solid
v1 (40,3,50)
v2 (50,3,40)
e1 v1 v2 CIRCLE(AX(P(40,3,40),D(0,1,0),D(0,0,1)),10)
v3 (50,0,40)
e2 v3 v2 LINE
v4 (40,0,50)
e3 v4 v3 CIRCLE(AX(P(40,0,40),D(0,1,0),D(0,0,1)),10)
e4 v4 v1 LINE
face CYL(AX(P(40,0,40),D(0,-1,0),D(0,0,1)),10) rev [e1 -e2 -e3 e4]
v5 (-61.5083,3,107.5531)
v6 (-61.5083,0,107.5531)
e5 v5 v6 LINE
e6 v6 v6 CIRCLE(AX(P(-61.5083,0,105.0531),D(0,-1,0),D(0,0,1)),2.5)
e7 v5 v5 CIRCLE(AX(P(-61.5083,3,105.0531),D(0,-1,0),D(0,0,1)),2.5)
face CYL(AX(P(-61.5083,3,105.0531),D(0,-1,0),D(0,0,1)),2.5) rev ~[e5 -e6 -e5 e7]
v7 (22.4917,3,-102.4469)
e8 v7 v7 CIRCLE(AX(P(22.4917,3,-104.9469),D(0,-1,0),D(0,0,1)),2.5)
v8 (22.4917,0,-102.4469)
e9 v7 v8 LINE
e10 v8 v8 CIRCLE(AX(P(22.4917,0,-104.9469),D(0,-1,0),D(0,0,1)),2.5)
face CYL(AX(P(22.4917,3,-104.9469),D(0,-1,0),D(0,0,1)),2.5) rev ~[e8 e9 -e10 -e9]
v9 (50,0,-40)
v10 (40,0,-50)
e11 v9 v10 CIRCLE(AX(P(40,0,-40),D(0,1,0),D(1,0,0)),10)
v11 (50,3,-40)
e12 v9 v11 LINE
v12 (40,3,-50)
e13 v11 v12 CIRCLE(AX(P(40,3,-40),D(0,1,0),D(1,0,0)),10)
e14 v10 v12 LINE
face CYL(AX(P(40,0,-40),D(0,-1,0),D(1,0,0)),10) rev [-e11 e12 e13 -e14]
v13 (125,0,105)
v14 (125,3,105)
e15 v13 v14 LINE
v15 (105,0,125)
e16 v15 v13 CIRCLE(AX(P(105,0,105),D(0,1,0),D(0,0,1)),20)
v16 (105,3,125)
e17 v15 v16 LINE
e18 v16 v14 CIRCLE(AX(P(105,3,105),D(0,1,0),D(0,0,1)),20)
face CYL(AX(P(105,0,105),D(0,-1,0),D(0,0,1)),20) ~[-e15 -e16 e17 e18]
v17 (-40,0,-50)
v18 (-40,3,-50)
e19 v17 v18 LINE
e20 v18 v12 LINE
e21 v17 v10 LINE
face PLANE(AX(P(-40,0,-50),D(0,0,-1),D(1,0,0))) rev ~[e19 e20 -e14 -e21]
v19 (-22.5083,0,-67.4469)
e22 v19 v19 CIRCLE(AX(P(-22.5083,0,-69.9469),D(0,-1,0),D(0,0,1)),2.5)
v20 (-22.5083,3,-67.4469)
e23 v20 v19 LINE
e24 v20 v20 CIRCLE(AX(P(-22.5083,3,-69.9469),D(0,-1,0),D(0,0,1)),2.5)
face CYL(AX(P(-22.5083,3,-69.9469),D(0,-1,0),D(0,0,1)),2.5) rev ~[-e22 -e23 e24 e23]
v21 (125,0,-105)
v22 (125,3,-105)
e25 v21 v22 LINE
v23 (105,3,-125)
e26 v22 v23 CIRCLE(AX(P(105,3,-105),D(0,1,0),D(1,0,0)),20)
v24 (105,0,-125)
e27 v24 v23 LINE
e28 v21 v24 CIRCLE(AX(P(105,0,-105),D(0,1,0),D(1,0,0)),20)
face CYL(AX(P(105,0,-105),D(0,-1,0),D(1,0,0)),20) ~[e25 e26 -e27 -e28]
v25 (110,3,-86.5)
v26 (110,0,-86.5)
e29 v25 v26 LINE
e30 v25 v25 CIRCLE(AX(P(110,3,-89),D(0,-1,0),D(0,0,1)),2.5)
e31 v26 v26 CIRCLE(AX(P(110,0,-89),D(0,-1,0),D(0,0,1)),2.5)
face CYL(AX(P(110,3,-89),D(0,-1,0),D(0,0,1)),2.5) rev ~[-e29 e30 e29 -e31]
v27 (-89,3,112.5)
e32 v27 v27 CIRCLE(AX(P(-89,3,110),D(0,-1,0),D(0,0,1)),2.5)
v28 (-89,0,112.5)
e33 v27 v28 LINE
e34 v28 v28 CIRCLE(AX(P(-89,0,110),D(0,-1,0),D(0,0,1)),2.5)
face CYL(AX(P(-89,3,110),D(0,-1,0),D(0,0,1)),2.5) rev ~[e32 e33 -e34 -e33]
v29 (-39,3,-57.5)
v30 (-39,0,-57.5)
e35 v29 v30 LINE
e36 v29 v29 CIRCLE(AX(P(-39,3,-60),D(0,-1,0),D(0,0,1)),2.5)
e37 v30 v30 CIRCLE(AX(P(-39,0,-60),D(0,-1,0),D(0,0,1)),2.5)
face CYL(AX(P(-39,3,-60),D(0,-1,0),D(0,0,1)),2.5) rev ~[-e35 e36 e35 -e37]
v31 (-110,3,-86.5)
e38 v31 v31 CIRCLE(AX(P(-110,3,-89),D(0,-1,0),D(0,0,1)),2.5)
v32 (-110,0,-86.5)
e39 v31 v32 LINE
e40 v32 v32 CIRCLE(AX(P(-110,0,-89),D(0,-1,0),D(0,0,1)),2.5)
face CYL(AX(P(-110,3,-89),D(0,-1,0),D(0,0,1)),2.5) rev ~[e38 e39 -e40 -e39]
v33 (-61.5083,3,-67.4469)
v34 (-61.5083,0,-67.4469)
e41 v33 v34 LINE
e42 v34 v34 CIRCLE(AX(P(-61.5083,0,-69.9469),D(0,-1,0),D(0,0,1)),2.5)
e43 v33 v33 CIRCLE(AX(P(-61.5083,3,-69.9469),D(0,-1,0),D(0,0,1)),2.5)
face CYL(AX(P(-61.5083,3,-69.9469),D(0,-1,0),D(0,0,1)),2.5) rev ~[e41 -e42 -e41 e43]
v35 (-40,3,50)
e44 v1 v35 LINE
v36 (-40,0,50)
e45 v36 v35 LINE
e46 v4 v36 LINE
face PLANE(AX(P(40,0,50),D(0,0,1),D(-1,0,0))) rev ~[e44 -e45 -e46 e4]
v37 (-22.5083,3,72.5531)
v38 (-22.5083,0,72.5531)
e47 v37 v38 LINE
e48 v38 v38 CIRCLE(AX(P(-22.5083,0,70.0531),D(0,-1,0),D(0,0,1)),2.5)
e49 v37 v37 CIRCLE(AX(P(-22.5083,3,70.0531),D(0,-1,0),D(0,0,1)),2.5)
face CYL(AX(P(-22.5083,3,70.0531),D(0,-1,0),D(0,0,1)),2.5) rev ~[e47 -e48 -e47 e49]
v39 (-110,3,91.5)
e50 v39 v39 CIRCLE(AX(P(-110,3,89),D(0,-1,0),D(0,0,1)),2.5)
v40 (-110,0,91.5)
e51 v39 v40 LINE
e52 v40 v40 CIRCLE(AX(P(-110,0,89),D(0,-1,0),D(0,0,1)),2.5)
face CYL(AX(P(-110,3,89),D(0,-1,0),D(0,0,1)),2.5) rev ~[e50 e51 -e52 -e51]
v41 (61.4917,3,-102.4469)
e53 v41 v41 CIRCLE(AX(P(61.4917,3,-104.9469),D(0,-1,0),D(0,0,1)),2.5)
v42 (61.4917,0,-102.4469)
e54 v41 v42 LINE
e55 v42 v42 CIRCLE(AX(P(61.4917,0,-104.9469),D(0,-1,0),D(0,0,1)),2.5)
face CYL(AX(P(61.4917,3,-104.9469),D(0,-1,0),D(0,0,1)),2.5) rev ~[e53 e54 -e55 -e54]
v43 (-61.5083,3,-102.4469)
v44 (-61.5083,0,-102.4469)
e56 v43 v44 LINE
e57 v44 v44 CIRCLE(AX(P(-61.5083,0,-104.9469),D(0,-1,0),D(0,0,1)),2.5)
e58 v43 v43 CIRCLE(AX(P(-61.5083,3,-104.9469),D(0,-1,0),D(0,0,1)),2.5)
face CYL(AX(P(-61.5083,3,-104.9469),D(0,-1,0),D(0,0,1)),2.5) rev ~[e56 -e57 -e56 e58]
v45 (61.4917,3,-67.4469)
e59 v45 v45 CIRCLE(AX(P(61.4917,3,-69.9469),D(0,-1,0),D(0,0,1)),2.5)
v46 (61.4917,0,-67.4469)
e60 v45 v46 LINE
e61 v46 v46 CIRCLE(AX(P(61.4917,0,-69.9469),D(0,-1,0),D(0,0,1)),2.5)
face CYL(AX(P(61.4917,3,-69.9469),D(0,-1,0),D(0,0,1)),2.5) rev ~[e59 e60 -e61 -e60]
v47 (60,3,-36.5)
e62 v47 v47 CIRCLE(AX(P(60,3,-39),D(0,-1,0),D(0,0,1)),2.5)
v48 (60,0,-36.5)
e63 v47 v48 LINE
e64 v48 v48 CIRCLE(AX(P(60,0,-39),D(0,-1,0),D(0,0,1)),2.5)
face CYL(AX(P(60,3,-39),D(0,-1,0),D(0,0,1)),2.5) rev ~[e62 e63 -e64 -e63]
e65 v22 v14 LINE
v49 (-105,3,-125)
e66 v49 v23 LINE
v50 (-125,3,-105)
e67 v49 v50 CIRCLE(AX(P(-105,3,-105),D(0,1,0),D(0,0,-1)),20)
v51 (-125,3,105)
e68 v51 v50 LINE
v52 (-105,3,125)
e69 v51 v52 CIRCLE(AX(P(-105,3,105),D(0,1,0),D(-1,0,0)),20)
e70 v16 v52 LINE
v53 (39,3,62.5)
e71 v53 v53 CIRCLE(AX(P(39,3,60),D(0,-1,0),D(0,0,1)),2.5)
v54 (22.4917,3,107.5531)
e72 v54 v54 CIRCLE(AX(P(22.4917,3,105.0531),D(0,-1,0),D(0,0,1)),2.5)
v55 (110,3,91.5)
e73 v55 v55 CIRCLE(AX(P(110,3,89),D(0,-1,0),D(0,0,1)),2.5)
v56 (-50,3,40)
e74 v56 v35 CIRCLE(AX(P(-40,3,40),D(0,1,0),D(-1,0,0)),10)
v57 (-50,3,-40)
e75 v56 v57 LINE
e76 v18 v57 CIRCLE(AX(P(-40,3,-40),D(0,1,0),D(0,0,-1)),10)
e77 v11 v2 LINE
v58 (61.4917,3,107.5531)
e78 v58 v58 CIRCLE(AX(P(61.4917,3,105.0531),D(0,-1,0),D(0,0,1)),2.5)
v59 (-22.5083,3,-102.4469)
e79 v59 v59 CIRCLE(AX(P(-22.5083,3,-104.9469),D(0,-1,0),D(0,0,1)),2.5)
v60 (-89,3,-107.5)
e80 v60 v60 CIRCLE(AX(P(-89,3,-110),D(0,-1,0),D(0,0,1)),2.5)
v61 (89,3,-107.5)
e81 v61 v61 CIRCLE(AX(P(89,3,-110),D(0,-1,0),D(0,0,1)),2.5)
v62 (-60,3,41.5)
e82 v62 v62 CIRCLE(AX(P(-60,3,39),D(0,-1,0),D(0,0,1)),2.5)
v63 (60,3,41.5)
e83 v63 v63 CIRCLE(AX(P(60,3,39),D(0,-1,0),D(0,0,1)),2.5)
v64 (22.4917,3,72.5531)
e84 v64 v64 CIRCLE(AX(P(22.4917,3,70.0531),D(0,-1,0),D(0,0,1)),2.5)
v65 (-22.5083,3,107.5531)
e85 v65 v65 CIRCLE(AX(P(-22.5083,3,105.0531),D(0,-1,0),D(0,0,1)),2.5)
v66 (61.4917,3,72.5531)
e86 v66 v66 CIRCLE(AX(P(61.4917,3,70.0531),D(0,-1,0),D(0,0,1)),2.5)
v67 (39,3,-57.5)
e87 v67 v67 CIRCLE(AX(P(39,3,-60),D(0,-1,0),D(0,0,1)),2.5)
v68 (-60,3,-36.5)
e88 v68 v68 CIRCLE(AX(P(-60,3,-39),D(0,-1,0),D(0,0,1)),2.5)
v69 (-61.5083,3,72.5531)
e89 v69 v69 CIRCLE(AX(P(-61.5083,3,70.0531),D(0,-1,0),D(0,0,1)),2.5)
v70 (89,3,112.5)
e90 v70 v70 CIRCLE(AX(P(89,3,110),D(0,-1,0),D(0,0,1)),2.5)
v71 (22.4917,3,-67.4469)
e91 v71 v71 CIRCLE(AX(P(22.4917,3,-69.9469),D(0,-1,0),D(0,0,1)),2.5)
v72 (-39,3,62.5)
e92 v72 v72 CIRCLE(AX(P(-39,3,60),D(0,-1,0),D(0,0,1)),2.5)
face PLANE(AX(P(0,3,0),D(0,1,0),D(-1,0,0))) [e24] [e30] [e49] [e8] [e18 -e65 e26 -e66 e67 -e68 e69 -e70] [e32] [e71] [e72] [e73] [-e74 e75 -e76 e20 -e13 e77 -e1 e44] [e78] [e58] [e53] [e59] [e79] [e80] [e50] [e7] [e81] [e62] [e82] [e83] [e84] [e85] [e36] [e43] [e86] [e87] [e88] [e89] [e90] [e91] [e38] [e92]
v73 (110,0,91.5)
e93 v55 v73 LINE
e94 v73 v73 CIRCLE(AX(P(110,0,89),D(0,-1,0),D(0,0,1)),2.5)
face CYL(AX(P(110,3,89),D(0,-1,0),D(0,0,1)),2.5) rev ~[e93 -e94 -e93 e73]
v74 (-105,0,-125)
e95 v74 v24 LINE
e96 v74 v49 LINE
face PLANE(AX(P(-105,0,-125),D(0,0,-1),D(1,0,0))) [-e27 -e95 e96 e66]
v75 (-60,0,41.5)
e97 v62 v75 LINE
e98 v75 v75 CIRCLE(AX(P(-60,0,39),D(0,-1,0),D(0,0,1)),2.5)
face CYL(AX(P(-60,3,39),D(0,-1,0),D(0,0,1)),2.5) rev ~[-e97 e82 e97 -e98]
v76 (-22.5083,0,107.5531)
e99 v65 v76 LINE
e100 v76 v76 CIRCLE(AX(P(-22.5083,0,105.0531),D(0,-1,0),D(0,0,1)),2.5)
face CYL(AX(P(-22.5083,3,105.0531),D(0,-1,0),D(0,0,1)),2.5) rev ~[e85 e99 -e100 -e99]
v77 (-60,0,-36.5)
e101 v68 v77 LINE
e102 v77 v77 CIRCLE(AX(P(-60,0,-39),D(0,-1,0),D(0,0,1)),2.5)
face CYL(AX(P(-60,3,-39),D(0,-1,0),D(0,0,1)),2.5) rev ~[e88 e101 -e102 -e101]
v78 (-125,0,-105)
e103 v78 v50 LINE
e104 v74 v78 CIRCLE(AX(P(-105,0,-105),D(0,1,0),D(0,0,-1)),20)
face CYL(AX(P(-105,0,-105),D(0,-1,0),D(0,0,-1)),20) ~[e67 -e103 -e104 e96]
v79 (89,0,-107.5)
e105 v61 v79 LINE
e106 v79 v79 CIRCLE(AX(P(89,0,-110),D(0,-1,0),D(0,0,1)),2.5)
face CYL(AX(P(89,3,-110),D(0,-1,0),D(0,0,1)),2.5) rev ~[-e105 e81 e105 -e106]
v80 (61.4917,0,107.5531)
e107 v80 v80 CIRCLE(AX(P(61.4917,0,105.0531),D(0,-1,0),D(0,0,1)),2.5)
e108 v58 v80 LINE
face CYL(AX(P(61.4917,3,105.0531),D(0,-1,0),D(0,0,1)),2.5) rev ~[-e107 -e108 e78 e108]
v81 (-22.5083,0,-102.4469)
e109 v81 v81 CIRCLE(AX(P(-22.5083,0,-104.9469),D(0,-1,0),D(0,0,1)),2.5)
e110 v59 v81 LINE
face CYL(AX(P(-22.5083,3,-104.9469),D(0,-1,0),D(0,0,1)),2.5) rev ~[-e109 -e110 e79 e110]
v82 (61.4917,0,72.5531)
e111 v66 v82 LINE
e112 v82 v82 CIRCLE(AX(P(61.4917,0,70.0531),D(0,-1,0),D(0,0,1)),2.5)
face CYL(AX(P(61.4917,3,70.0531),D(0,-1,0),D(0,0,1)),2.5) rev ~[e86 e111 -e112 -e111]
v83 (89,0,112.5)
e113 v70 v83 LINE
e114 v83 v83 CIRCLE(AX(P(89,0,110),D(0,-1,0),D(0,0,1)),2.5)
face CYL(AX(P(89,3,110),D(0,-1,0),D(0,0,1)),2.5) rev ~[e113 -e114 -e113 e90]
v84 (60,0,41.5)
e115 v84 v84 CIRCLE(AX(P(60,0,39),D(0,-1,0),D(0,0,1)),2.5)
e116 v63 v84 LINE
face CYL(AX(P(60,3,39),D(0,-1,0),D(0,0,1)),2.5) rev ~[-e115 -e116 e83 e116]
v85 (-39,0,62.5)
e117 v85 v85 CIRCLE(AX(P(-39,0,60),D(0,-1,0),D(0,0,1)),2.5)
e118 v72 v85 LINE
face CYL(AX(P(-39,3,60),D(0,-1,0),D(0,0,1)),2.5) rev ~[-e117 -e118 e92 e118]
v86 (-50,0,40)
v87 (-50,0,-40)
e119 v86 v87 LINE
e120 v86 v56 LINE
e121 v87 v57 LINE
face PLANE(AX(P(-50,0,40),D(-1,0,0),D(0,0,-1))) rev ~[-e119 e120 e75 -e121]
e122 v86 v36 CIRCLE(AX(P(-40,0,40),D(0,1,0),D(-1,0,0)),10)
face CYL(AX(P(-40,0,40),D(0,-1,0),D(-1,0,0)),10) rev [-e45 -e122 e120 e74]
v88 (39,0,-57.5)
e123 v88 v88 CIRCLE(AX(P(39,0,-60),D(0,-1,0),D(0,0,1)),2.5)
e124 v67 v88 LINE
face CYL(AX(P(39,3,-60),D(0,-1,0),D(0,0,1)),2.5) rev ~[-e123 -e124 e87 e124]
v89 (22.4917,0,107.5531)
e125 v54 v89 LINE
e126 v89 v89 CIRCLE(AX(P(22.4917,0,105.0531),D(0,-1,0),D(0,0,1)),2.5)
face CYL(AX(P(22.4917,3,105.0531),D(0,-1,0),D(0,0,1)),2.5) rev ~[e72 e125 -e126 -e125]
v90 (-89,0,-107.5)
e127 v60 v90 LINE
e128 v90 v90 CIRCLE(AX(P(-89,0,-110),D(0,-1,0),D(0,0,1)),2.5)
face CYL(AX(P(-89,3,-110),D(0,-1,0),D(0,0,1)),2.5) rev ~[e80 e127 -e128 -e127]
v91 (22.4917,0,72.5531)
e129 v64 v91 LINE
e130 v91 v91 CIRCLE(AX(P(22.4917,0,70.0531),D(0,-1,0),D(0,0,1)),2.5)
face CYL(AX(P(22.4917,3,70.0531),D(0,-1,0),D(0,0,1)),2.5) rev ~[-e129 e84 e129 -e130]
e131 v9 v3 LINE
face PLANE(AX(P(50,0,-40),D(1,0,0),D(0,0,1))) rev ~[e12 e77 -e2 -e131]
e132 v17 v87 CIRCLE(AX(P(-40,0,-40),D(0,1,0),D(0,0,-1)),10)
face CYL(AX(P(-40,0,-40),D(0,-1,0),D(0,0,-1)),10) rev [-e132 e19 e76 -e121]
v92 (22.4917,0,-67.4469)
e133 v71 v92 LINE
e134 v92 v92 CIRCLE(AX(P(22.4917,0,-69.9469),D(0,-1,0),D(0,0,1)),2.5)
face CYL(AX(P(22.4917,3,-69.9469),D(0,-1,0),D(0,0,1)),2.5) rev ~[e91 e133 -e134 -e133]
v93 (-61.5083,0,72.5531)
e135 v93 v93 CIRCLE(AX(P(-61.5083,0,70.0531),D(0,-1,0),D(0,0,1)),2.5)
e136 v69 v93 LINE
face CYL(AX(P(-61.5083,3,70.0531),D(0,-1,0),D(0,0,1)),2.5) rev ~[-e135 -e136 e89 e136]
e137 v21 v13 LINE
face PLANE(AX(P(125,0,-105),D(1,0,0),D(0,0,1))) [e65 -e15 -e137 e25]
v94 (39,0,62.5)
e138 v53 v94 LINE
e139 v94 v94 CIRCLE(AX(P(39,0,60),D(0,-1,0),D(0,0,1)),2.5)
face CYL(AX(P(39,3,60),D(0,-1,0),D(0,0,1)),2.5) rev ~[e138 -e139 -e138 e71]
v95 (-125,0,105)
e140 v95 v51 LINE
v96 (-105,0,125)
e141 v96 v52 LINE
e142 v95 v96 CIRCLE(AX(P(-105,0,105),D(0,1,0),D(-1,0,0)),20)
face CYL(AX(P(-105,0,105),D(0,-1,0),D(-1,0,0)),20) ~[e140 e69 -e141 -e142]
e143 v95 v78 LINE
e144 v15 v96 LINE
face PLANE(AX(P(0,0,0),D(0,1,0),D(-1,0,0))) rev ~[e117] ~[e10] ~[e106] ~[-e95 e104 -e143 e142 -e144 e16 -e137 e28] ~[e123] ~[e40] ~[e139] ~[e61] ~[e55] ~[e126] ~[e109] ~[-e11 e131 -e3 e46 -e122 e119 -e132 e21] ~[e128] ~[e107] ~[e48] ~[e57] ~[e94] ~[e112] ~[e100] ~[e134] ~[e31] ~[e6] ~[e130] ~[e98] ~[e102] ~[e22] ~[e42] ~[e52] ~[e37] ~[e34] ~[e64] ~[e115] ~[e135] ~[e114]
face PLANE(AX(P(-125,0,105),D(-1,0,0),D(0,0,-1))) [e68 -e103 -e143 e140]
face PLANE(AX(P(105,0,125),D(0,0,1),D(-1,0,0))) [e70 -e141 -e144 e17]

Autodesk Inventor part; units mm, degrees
ref_plane "YZ Plane" through (0, 0, 0) normal (1, 0, 0) x (0, 1, 0)
ref_plane "XZ Plane" through (0, 0, 0) normal (0, 1, 0) x (-1, 0, 0)
ref_plane "XY Plane" through (0, 0, 0) normal (0, 0, 1) x (1, 0, 0)
sketch "Sketch3" plane through (0, 0, 0) normal (0, 1, 0) x (-1, 0, 0)
  line L0 (105, -125) -> (-105, -125)
  line L1 (-125, -105) -> (-125, 105)
  line L2 (-105, 125) -> (105, 125)
  line L3 (125, 105) -> (125, -105)
  line L4 (125, -125) -> (-125, 125) construction
  line L5 (-125, -125) -> (125, 125) construction
  arc A0 (125, 105) -> (105, 125) centre (105, 105) ccw
  arc A1 (105, -125) -> (125, -105) centre (105, -105) ccw
  arc A2 (-105, 125) -> (-125, 105) centre (-105, 105) ccw
  arc A3 (-125, -105) -> (-105, -125) centre (-105, -105) ccw
  line L6 (-40, 50) -> (40, 50)
  line L7 (50, 40) -> (50, -40)
  line L8 (40, -50) -> (-40, -50)
  line L9 (-50, -40) -> (-50, 40)
  line L10 (-50, 50) -> (50, -50) construction
  line L11 (50, 50) -> (-50, -50) construction
  arc A4 (50, 40) -> (40, 50) centre (40, 40) ccw
  arc A5 (-40, 50) -> (-50, 40) centre (-40, 40) ccw
  arc A6 (-50, -40) -> (-40, -50) centre (-40, -40) ccw
  arc A7 (40, -50) -> (50, -40) centre (40, -40) ccw
  point P0 (0, 0)
  dimension "L0" = 250
  dimension "W0" = 250
  dimension "d126" = 20
  dimension "d127" = 100
  dimension "d128" = 100
  dimension "d129" = 10
extrude "Main Body Extrusion" add sketch "Sketch3" along normal blind 3
sketch "Sketch11" plane through (0, 3, 0) normal (0, 1, 0) x (1, 0, 0)
  circle A0 centre (61.4917, -70.0531) radius 2.5
  circle A1 centre (22.4917, -105.0531) radius 2.5
  circle A2 centre (-22.5083, -70.0531) radius 2.5
  circle A3 centre (-61.5083, -105.0531) radius 2.5
  circle A4 centre (-22.5083, -105.0531) radius 2.5
  circle A5 centre (61.4917, -105.0531) radius 2.5
  circle A6 centre (-61.5083, -70.0531) radius 2.5
  circle A7 centre (61.4917, 104.9469) radius 2.5
  circle A8 centre (61.4917, 69.9469) radius 2.5
  circle A9 centre (22.4917, 104.9469) radius 2.5
  circle A10 centre (-22.5083, 69.9469) radius 2.5
  circle A11 centre (-61.5083, 104.9469) radius 2.5
  circle A12 centre (-22.5083, 104.9469) radius 2.5
  circle A13 centre (22.4917, -70.0531) radius 2.5
  circle A14 centre (22.4917, 69.9469) radius 2.5
  line L0 (-125.0083, 124.9469) -> (124.9917, 124.9469)
  line L1 (124.9917, 124.9469) -> (124.9917, -125.0531)
  line L2 (124.9917, -125.0531) -> (-125.0083, -125.0531)
  line L3 (-125.0083, -125.0531) -> (-125.0083, 124.9469)
  point P0 (0, 0)
  point P1 (-61.5083, 69.9469)
  dimension "d86" = 250
  dimension "d87" = 250
hole "Bracket Holes" at (61.4917, 3, 70.0531) at (22.4917, 3, 105.0531) at (-22.5083, 3, 70.0531) at (-61.5083, 3, 105.0531) at (-22.5083, 3, 105.0531) at (61.4917, 3, 105.0531) at (-61.5083, 3, 70.0531) at (61.4917, 3, -104.9469) at (61.4917, 3, -69.9469) at (22.4917, 3, -104.9469) at (-22.5083, 3, -69.9469) at (-61.5083, 3, -104.9469) at (-22.5083, 3, -104.9469) at (22.4917, 3, 70.0531) at (22.4917, 3, -69.9469) at (-61.5083, 3, -69.9469) direction (0, -1, 0) diameter 5 end through all
sketch "Sketch12" plane through (0, 3, 0) normal (0, 1, 0) x (1, 0, 0)
  line L0 (85, -115) -> (115, -115)
  line L1 (115, -115) -> (115, -110.5263)
  line L2 (105, -105) -> (85, -105)
  line L3 (85, -105) -> (85, -115)
  line L4 (115, -85) -> (105, -85)
  line L5 (105, -85) -> (105, -105)
  line L6 (110.5263, -115) -> (115, -115)
  line L7 (115, -115) -> (115, -85)
  line L8 (125, -105) -> (125, 105) projected
  line L9 (-105, -125) -> (105, -125) projected
  line L10 (115, 115) -> (110.5263, 115)
  line L11 (115, 110.5263) -> (115, 115)
  line L12 (105, 105) -> (105, 85)
  line L13 (105, 85) -> (115, 85)
  line L14 (115, 85) -> (115, 115)
  line L15 (85, 115) -> (85, 105)
  line L16 (85, 105) -> (105, 105)
  line L17 (115, 115) -> (85, 115)
  line L18 (-115, 115) -> (-115, 110.5263)
  line L19 (-110.5263, 115) -> (-115, 115)
  line L20 (-105, 105) -> (-85, 105)
  line L21 (-85, 105) -> (-85, 115)
  line L22 (-85, 115) -> (-115, 115)
  line L23 (-115, 85) -> (-105, 85)
  line L24 (-105, 85) -> (-105, 105)
  line L25 (-115, 115) -> (-115, 85)
  line L26 (-115, -115) -> (-110.5263, -115)
  line L27 (-115, -110.5263) -> (-115, -115)
  line L28 (-105, -105) -> (-105, -85)
  line L29 (-105, -85) -> (-115, -85)
  line L30 (-115, -85) -> (-115, -115)
  line L31 (-85, -115) -> (-85, -105)
  line L32 (-85, -105) -> (-105, -105)
  line L33 (-115, -115) -> (-85, -115)
  line L34 (35, -65) -> (65, -65)
  line L35 (65, -65) -> (65, -50.5263)
  line L36 (55, -55) -> (35, -55)
  line L37 (35, -55) -> (35, -65)
  line L38 (65, -35) -> (55, -35)
  line L39 (55, -35) -> (55, -55)
  line L40 (66.4138, -65) -> (65, -65)
  line L41 (65, -65) -> (65, -35)
  line L42 (65, 66.4138) -> (65, 65)
  line L43 (65, 65) -> (50.5263, 65)
  line L44 (65, 65) -> (35, 65)
  line L45 (65, 35) -> (65, 65)
  line L46 (35, 55) -> (55, 55)
  line L47 (55, 55) -> (55, 35)
  line L48 (35, 65) -> (35, 55)
  line L49 (55, 35) -> (65, 35)
  line L50 (-66.4138, 65) -> (-65, 65)
  line L51 (-65, 65) -> (-65, 50.5263)
  line L52 (-65, 65) -> (-65, 35)
  line L53 (-35, 65) -> (-65, 65)
  line L54 (-55, 35) -> (-55, 55)
  line L55 (-55, 55) -> (-35, 55)
  line L56 (-65, 35) -> (-55, 35)
  line L57 (-35, 55) -> (-35, 65)
  line L58 (-65, -66.4138) -> (-65, -65)
  line L59 (-65, -65) -> (-50.5263, -65)
  line L60 (-65, -65) -> (-35, -65)
  line L61 (-65, -35) -> (-65, -65)
  line L62 (-35, -55) -> (-55, -55)
  line L63 (-55, -55) -> (-55, -35)
  line L64 (-35, -65) -> (-35, -55)
  line L65 (-55, -35) -> (-65, -35)
  point P0 (0, 0)
  point P1 (125, -125)
  point P2 (125, 125)
  point P3 (-125, -125)
  point P4 (89, -110)
  point P5 (110, -89)
  point P6 (110, -85)
  point P7 (85, 110)
  point P8 (89, 110)
  point P9 (110, 89)
  point P10 (-110, 85)
  point P11 (-110, 89)
  point P12 (-89, 110)
  point P13 (-85, -110)
  point P14 (-89, -110)
  point P15 (-110, -89)
  point P16 (39, -60)
  point P17 (60, -39)
  point P18 (60, -35)
  point P19 (35, 60)
  point P20 (60, 39)
  point P21 (39, 60)
  point P22 (-60, 35)
  point P23 (-39, 60)
  point P24 (-60, 39)
  point P25 (-35, -60)
  point P26 (-60, -39)
  point P27 (-39, -60)
  dimension "d95" = 30
  dimension "d96" = 30
  dimension "d97" = 20
  dimension "d98" = 20
  dimension "d99" = 10
  dimension "d100" = 10
  dimension "d101" = 4
  dimension "d102" = 5
  dimension "d103" = 5
  dimension "d104" = 4
  dimension "d107" = 360
  dimension "d116" = 30
  dimension "d117" = 30
  dimension "d118" = 20
  dimension "d119" = 20
  dimension "d120" = 4
  dimension "d121" = 5
  dimension "d122" = 5
  dimension "d123" = 4
  dimension "d124" = 60
  dimension "d125" = 60
  dimension "d132" = 360
hole "Hole4" at (89, 3, 110) at (110, 3, 89) at (89, 3, -110) at (110, 3, -89) at (-110, 3, -89) at (-89, 3, -110) at (-89, 3, 110) at (-110, 3, 89) at (-60, 3, 39) at (-39, 3, 60) at (-60, 3, -39) at (-39, 3, -60) at (39, 3, -60) at (60, 3, -39) at (60, 3, 39) at (39, 3, 60) direction (0, -1, 0) diameter 5 end through all
properties part number "L1 Wood Base Iteration 1" material "Aluminum 6061"
